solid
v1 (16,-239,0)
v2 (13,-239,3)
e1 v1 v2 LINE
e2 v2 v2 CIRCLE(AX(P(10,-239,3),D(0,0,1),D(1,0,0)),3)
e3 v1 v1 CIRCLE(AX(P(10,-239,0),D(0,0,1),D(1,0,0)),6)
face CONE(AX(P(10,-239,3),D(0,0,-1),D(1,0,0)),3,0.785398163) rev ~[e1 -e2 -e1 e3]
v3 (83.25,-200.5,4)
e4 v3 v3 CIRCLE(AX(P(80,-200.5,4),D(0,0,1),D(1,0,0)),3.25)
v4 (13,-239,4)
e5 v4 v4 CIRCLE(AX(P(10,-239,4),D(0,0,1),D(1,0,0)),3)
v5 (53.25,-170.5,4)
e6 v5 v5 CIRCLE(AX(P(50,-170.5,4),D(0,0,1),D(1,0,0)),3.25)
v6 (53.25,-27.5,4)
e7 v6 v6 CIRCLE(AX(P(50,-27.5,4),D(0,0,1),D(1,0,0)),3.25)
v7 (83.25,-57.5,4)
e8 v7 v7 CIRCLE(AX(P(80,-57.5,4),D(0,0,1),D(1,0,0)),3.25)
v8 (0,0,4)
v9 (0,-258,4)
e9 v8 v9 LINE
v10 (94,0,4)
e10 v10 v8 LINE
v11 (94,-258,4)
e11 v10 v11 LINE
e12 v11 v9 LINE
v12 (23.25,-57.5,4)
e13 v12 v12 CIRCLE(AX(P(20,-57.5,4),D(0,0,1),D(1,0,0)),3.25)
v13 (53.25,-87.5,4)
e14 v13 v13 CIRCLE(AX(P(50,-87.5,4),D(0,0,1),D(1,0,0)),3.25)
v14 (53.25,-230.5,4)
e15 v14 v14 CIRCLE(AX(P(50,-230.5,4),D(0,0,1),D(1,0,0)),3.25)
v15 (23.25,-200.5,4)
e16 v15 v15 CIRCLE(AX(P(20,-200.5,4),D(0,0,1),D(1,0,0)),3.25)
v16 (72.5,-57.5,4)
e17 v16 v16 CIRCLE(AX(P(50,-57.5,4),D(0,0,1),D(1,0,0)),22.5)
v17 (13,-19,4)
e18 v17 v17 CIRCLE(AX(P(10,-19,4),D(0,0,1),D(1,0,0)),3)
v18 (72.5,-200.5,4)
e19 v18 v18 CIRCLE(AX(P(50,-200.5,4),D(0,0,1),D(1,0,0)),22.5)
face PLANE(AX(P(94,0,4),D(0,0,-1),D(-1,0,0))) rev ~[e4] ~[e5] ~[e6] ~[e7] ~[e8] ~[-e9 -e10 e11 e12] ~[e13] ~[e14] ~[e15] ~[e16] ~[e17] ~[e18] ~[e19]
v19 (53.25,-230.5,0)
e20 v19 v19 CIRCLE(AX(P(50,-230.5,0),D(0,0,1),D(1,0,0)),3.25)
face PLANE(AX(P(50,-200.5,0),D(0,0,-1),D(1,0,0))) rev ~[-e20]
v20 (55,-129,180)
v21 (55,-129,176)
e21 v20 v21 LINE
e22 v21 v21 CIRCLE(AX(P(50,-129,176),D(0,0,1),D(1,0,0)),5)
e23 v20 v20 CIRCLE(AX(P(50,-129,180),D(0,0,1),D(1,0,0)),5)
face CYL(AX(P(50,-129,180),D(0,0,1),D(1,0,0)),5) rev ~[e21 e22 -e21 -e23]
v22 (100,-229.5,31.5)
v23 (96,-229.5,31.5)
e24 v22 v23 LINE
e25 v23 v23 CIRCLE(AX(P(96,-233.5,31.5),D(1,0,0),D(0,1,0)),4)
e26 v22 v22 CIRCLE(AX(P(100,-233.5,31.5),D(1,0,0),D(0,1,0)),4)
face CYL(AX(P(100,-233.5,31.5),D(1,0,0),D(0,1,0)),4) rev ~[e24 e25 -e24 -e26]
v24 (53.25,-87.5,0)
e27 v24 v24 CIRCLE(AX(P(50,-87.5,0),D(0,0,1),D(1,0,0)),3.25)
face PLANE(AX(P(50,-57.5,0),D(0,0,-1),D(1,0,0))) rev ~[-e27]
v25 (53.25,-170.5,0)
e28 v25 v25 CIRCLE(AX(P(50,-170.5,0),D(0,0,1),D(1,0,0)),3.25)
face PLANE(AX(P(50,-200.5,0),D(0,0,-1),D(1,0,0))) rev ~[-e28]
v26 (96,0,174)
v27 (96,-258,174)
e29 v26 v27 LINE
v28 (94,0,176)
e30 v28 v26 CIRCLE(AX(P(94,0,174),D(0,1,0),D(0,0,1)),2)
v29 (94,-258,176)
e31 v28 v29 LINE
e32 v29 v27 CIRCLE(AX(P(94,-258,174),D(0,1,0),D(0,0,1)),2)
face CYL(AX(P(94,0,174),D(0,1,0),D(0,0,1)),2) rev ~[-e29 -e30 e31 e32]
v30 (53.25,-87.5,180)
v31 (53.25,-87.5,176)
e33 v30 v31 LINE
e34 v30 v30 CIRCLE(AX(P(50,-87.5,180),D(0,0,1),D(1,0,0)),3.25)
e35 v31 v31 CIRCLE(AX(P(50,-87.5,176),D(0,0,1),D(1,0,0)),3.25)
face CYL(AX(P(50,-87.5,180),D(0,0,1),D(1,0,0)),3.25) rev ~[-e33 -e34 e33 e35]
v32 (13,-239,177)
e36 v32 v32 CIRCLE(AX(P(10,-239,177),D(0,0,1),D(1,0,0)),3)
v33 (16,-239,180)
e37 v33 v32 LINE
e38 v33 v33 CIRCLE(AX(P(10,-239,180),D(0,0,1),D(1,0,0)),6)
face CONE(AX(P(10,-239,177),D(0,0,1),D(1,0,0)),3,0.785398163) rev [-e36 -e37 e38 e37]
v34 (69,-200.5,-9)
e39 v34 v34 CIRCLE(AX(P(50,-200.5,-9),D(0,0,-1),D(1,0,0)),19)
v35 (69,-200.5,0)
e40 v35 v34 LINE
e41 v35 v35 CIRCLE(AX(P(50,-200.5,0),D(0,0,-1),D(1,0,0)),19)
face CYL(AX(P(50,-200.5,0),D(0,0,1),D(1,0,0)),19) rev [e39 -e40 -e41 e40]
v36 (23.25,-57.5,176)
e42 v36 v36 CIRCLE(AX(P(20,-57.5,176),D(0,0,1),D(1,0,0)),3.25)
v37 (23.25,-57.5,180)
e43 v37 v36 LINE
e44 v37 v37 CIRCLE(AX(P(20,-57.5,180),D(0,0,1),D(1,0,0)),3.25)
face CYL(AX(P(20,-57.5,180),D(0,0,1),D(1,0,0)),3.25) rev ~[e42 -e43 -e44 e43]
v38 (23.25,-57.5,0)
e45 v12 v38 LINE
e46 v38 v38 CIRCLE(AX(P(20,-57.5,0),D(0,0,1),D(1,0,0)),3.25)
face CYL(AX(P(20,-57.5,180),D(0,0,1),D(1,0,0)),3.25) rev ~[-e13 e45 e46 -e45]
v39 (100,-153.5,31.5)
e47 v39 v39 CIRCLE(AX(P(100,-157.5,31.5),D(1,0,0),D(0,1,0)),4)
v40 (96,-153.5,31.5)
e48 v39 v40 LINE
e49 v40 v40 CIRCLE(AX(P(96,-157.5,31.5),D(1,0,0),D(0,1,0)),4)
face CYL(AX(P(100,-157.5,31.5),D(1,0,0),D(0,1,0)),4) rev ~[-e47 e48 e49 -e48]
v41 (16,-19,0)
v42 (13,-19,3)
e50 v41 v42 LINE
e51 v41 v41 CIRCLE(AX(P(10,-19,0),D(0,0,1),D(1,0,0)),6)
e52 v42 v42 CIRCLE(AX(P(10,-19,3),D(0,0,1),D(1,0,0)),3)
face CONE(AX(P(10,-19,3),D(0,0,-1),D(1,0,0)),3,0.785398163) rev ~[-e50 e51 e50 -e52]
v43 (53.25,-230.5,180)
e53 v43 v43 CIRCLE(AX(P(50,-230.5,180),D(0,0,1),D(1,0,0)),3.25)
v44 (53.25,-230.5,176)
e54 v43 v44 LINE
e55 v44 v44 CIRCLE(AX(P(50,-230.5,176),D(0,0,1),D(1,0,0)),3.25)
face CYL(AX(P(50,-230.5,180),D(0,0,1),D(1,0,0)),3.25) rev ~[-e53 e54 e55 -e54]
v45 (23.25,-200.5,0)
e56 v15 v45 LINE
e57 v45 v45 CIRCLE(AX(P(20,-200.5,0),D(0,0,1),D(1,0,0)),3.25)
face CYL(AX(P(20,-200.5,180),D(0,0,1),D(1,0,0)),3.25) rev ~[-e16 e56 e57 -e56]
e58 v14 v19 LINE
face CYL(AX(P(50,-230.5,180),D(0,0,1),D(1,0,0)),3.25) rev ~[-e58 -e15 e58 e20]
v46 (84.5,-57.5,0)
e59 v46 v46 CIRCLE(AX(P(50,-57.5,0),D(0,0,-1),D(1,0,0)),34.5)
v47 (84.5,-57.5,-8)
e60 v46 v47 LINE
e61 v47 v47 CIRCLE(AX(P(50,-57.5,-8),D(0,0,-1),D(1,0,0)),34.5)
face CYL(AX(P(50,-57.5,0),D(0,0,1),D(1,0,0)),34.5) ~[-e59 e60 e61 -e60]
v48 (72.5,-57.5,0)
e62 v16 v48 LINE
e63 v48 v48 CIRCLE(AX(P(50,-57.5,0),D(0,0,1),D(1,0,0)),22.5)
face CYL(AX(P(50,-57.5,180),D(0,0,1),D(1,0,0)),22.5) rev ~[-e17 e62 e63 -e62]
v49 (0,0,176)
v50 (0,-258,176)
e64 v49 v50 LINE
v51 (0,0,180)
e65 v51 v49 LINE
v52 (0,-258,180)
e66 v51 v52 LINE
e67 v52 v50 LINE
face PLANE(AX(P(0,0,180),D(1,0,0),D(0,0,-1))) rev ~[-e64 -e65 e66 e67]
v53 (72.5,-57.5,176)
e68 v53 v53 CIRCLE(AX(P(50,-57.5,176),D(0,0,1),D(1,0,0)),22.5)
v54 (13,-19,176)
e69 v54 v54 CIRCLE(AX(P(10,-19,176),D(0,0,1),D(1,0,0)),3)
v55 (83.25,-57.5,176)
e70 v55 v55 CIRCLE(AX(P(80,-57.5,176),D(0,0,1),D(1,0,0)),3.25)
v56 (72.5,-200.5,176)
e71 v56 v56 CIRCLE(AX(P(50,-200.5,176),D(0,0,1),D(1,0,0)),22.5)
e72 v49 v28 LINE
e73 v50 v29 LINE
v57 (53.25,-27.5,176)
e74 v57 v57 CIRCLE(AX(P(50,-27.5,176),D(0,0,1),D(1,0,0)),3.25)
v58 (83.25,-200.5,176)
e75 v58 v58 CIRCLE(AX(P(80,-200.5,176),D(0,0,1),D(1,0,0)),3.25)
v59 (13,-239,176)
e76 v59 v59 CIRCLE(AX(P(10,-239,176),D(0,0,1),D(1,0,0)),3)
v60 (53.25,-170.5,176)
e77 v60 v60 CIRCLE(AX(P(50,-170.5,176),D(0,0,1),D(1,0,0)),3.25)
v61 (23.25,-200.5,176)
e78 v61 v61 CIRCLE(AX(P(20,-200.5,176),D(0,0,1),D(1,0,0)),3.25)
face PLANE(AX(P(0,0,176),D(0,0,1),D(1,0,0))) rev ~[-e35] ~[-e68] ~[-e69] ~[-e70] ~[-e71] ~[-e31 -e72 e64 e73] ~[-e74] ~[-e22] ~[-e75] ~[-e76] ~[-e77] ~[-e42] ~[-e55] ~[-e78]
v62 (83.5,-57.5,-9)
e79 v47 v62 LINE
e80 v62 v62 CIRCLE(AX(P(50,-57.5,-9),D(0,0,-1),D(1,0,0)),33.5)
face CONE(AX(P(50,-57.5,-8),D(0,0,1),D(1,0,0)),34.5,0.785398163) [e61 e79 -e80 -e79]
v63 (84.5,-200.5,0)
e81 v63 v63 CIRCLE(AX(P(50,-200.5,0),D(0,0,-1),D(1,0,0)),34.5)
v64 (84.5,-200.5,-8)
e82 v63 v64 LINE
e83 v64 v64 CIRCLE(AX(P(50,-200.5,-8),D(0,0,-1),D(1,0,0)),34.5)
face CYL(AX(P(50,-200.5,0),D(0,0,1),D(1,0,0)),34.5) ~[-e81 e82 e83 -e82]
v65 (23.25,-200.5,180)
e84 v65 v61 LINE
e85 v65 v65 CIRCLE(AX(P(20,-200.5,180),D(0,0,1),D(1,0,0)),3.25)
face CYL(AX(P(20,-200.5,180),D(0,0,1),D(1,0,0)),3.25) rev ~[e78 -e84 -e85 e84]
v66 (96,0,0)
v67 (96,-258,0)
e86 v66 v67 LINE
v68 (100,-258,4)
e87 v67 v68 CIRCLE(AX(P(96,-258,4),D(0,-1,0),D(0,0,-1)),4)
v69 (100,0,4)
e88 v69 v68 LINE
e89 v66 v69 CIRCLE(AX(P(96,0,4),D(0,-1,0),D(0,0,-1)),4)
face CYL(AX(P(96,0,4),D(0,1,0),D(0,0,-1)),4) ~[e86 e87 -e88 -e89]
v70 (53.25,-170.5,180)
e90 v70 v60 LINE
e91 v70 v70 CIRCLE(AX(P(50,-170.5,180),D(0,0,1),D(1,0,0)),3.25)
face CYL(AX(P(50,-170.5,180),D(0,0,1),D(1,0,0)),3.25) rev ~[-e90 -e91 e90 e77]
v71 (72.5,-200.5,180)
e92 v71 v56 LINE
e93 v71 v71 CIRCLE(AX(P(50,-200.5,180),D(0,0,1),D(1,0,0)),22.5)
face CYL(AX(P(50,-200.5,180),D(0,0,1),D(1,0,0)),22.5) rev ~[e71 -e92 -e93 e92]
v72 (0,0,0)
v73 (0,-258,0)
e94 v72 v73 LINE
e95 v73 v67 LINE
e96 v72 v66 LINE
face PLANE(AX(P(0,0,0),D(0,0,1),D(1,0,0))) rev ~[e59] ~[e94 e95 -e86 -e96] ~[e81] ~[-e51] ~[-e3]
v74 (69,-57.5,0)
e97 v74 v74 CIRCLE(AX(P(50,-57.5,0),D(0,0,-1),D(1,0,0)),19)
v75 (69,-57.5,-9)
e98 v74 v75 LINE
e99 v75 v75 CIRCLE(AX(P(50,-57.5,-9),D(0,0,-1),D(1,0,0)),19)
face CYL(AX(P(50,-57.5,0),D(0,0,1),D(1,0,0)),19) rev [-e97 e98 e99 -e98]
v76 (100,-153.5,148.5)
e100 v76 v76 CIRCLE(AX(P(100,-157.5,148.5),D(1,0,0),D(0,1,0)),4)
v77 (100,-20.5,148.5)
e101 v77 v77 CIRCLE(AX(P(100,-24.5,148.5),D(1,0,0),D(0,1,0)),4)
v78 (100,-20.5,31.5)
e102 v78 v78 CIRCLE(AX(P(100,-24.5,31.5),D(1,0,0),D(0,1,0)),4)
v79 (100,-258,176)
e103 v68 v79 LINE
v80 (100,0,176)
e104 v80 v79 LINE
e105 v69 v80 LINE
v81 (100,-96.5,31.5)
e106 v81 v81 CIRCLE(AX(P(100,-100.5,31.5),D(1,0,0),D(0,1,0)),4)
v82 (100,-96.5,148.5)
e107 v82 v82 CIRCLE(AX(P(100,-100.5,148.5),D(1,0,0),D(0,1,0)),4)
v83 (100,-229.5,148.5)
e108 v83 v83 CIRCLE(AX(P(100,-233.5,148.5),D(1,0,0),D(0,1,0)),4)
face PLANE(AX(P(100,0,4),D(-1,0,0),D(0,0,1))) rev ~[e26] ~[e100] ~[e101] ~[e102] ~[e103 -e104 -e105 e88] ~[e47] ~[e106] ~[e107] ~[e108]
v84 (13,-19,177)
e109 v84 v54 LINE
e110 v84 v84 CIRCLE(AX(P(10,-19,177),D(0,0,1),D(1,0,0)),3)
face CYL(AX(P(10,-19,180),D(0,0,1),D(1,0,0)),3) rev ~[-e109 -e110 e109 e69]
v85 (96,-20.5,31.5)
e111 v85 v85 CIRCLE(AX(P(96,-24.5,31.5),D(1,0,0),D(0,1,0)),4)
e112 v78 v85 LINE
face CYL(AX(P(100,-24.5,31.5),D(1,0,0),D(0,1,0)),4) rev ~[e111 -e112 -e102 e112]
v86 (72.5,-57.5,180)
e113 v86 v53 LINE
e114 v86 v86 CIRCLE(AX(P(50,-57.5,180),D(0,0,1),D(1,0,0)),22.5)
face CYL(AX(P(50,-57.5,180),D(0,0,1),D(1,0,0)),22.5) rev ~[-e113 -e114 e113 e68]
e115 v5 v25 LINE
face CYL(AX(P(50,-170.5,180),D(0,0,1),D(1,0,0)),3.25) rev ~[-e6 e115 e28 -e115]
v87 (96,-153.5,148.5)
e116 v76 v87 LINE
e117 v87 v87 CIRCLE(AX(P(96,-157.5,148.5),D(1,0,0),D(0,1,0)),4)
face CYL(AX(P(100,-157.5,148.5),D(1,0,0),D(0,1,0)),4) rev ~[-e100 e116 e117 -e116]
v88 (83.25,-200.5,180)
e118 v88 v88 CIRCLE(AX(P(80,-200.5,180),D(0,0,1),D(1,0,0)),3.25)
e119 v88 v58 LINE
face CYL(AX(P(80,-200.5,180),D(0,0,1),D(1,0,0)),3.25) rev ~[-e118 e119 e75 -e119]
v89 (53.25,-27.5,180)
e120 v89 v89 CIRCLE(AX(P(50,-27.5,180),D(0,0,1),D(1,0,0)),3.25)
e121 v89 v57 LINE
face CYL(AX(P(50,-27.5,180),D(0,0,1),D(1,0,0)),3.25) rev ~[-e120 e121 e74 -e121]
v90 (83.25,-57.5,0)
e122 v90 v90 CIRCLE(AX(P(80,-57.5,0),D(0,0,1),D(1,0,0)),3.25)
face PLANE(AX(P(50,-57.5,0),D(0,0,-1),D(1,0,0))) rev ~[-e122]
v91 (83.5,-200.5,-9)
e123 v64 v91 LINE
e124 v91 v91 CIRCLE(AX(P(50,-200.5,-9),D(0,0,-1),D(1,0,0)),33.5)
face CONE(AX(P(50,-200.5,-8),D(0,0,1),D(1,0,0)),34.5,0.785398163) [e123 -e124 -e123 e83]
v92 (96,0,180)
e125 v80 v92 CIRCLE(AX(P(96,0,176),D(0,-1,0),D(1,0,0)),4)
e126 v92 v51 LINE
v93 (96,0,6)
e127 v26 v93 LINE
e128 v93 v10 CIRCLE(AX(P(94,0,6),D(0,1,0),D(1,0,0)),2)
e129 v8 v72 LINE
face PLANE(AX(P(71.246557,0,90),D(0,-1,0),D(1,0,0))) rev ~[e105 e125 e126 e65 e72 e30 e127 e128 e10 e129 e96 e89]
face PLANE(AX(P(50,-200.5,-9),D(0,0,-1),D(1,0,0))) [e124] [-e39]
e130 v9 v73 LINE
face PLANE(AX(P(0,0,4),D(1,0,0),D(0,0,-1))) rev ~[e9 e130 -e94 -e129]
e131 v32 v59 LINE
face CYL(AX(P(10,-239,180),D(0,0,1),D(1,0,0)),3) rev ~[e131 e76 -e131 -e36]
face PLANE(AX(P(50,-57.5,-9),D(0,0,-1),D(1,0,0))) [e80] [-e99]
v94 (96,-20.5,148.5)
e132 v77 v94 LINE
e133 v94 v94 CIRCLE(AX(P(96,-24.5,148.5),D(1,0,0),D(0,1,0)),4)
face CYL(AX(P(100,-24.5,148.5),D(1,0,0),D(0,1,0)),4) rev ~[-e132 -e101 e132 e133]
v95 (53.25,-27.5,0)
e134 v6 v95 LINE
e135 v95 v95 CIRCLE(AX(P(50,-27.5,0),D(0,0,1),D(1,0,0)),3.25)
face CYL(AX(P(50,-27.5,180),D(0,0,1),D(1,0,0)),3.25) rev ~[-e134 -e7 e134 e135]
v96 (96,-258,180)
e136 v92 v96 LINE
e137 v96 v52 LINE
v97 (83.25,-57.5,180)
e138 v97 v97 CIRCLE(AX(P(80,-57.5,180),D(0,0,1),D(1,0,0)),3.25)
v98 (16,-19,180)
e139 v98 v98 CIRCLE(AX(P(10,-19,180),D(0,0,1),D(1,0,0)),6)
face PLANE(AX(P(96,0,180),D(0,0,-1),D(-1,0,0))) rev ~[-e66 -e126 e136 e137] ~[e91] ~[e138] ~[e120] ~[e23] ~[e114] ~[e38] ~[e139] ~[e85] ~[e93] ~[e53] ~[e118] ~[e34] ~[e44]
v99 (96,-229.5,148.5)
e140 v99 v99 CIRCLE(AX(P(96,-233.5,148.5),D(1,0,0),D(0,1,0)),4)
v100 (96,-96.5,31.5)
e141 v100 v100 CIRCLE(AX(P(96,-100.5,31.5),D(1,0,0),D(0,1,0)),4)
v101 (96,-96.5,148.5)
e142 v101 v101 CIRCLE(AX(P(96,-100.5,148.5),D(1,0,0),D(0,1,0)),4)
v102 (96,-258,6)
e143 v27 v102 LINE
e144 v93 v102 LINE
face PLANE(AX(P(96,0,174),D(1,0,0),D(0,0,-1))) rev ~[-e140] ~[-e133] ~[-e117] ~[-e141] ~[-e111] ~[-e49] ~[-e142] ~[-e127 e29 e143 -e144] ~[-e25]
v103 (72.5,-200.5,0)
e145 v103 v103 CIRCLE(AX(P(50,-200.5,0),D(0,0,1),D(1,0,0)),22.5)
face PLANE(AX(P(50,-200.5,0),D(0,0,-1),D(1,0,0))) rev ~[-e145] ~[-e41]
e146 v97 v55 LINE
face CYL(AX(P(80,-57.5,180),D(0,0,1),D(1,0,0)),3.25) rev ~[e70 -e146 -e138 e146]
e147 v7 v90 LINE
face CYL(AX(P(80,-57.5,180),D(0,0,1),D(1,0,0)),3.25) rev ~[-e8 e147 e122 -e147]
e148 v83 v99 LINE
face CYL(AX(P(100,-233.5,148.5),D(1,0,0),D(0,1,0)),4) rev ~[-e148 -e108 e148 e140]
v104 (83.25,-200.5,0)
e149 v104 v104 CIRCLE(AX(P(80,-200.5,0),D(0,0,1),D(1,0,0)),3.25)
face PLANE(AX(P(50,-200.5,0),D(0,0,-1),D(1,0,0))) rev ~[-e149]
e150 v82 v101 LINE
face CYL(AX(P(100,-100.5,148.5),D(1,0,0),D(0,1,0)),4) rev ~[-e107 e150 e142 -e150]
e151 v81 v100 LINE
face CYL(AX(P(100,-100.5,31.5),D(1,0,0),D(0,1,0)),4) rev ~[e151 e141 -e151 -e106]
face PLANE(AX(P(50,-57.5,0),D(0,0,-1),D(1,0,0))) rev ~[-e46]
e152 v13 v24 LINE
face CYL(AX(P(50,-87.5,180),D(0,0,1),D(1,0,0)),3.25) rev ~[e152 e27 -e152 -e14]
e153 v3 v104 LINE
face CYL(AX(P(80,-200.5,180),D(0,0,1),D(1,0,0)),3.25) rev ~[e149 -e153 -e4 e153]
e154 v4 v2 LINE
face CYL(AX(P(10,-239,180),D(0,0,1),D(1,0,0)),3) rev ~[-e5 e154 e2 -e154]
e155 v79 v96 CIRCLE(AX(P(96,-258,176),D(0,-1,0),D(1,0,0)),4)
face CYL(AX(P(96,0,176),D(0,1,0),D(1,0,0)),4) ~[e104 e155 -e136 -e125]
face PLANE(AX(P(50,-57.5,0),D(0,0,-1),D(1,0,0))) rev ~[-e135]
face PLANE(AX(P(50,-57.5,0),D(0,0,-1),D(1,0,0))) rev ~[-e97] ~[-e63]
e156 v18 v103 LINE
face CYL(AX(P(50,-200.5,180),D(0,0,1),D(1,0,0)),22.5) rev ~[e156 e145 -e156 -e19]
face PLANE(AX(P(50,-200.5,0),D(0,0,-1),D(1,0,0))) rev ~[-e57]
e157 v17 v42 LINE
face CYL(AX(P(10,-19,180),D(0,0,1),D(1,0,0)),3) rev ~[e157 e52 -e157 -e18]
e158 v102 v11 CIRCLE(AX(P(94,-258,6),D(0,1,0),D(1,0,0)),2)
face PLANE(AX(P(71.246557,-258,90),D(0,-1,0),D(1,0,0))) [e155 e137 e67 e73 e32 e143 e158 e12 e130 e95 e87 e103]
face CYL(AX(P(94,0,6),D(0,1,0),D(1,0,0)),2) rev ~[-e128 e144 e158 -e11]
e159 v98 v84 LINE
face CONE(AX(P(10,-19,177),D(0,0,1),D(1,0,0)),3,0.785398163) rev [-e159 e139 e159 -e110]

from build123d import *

# Parameters (mm, degrees)
F1_DEPTH  = 258
F2_R      = 22.5
F2_R_2    = 3.25
F3_DEPTH  = 180.001
F2_R_3    = 5
F4_DEPTH  = 4
F5_R      = 4
F6_DEPTH  = 100.001
F7_R      = 3
F8_DEPTH  = 180.001
F9_SIZE2  = 3
F9_SIZE   = 3
F10_R     = 34.5
F10_R_2   = 19
F11_DEPTH = 9
F12_SIZE  = 1


with BuildPart() as f1:
    # F0 (on Front) → F1 (new body)
    with BuildSketch(Plane.XZ):
        with BuildLine():
            Line((0, 4), (0, 0))
            Line((0, 0), (96, 0))
            ThreePointArc((96, 0), (98.8284271247, 1.1715728753), (100, 4))
            Line((100, 4), (100, 176))
            ThreePointArc((100, 176), (98.8284271247, 178.8284271247), (96, 180))
            Line((96, 180), (0, 180))
            Line((0, 180), (0, 176))
            Line((0, 176), (94, 176))
            ThreePointArc((94, 176), (95.4142135624, 175.4142135624), (96, 174))
            Line((96, 174), (96, 6))
            ThreePointArc((96, 6), (95.4142135624, 4.5857864376), (94, 4))
            Line((94, 4), (0, 4))
        make_face()
    extrude(amount=F1_DEPTH)

    # F2 (on face) → F3 (cut, through all)
    with BuildSketch(Plane.XY.offset(180)):
        with Locations((50, -200.5)):
            Circle(F2_R)
        with Locations((50, -87.5)):
            Circle(F2_R_2)
        with Locations((50, -57.5)):
            Circle(F2_R)
        with Locations((20, -57.5)):
            Circle(F2_R_2)
        with Locations((80, -57.5)):
            Circle(F2_R_2)
        with Locations((50, -27.5)):
            Circle(F2_R_2)
        with Locations((50, -170.5)):
            Circle(F2_R_2)
        with Locations((80, -200.5)):
            Circle(F2_R_2)
        with Locations((50, -230.5)):
            Circle(F2_R_2)
        with Locations((20, -200.5)):
            Circle(F2_R_2)
    extrude(amount=-F3_DEPTH, mode=Mode.SUBTRACT)

    # F2 (on face) → F4 (cut, through all)
    with BuildSketch(Plane.XY.offset(180)):
        with Locations((50, -129)):
            Circle(F2_R_3)
    extrude(amount=-F4_DEPTH, mode=Mode.SUBTRACT)

    # F5 (on face) → F6 (cut, through all)
    with BuildSketch(Plane.YZ.offset(100)):
        with Locations((-233.5, 148.5)):
            Circle(F5_R)
        with Locations((-233.5, 31.5)):
            Circle(F5_R)
        with Locations((-157.5, 148.5)):
            Circle(F5_R)
        with Locations((-157.5, 31.5)):
            Circle(F5_R)
        with Locations((-100.5, 148.5)):
            Circle(F5_R)
        with Locations((-100.5, 31.5)):
            Circle(F5_R)
        with Locations((-24.5, 148.5)):
            Circle(F5_R)
        with Locations((-24.5, 31.5)):
            Circle(F5_R)
    extrude(amount=-F6_DEPTH, mode=Mode.SUBTRACT)

    # F7 (on face) → F8 (cut, through all)
    with BuildSketch(Plane.XY.offset(180)):
        with Locations((10, -239)):
            Circle(F7_R)
        with Locations((10, -19)):
            Circle(F7_R)
    extrude(amount=-F8_DEPTH, mode=Mode.SUBTRACT)

    # F9
    f9_edges = [f1.edges().sort_by_distance(p)[0] for p in [
        (7, -19, 180),
        (7, -239, 180),
        (7, -239, 0),
        (7, -19, 0),
    ]]
    chamfer(f9_edges, length=F9_SIZE, length2=F9_SIZE2)

    # F10 (on face) → F11 (join)
    with BuildSketch(Plane(origin=(0, 0, 0), x_dir=(1, 0, 0), z_dir=(0, 0, -1))):
        with Locations((50, 57.5)):
            Circle(F10_R)
        with Locations((50, 57.5)):
            Circle(F10_R_2, mode=Mode.SUBTRACT)
        with Locations((50, 200.5)):
            Circle(F10_R)
        with Locations((50, 200.5)):
            Circle(F10_R_2, mode=Mode.SUBTRACT)
    extrude(amount=F11_DEPTH)

    # F12
    f12_edges = [f1.edges().sort_by_distance(p)[0] for p in [
        (15.5, -200.5, -9),
        (15.5, -57.5, -9),
    ]]
    chamfer(f12_edges, length=F12_SIZE)


solid = f1.part
